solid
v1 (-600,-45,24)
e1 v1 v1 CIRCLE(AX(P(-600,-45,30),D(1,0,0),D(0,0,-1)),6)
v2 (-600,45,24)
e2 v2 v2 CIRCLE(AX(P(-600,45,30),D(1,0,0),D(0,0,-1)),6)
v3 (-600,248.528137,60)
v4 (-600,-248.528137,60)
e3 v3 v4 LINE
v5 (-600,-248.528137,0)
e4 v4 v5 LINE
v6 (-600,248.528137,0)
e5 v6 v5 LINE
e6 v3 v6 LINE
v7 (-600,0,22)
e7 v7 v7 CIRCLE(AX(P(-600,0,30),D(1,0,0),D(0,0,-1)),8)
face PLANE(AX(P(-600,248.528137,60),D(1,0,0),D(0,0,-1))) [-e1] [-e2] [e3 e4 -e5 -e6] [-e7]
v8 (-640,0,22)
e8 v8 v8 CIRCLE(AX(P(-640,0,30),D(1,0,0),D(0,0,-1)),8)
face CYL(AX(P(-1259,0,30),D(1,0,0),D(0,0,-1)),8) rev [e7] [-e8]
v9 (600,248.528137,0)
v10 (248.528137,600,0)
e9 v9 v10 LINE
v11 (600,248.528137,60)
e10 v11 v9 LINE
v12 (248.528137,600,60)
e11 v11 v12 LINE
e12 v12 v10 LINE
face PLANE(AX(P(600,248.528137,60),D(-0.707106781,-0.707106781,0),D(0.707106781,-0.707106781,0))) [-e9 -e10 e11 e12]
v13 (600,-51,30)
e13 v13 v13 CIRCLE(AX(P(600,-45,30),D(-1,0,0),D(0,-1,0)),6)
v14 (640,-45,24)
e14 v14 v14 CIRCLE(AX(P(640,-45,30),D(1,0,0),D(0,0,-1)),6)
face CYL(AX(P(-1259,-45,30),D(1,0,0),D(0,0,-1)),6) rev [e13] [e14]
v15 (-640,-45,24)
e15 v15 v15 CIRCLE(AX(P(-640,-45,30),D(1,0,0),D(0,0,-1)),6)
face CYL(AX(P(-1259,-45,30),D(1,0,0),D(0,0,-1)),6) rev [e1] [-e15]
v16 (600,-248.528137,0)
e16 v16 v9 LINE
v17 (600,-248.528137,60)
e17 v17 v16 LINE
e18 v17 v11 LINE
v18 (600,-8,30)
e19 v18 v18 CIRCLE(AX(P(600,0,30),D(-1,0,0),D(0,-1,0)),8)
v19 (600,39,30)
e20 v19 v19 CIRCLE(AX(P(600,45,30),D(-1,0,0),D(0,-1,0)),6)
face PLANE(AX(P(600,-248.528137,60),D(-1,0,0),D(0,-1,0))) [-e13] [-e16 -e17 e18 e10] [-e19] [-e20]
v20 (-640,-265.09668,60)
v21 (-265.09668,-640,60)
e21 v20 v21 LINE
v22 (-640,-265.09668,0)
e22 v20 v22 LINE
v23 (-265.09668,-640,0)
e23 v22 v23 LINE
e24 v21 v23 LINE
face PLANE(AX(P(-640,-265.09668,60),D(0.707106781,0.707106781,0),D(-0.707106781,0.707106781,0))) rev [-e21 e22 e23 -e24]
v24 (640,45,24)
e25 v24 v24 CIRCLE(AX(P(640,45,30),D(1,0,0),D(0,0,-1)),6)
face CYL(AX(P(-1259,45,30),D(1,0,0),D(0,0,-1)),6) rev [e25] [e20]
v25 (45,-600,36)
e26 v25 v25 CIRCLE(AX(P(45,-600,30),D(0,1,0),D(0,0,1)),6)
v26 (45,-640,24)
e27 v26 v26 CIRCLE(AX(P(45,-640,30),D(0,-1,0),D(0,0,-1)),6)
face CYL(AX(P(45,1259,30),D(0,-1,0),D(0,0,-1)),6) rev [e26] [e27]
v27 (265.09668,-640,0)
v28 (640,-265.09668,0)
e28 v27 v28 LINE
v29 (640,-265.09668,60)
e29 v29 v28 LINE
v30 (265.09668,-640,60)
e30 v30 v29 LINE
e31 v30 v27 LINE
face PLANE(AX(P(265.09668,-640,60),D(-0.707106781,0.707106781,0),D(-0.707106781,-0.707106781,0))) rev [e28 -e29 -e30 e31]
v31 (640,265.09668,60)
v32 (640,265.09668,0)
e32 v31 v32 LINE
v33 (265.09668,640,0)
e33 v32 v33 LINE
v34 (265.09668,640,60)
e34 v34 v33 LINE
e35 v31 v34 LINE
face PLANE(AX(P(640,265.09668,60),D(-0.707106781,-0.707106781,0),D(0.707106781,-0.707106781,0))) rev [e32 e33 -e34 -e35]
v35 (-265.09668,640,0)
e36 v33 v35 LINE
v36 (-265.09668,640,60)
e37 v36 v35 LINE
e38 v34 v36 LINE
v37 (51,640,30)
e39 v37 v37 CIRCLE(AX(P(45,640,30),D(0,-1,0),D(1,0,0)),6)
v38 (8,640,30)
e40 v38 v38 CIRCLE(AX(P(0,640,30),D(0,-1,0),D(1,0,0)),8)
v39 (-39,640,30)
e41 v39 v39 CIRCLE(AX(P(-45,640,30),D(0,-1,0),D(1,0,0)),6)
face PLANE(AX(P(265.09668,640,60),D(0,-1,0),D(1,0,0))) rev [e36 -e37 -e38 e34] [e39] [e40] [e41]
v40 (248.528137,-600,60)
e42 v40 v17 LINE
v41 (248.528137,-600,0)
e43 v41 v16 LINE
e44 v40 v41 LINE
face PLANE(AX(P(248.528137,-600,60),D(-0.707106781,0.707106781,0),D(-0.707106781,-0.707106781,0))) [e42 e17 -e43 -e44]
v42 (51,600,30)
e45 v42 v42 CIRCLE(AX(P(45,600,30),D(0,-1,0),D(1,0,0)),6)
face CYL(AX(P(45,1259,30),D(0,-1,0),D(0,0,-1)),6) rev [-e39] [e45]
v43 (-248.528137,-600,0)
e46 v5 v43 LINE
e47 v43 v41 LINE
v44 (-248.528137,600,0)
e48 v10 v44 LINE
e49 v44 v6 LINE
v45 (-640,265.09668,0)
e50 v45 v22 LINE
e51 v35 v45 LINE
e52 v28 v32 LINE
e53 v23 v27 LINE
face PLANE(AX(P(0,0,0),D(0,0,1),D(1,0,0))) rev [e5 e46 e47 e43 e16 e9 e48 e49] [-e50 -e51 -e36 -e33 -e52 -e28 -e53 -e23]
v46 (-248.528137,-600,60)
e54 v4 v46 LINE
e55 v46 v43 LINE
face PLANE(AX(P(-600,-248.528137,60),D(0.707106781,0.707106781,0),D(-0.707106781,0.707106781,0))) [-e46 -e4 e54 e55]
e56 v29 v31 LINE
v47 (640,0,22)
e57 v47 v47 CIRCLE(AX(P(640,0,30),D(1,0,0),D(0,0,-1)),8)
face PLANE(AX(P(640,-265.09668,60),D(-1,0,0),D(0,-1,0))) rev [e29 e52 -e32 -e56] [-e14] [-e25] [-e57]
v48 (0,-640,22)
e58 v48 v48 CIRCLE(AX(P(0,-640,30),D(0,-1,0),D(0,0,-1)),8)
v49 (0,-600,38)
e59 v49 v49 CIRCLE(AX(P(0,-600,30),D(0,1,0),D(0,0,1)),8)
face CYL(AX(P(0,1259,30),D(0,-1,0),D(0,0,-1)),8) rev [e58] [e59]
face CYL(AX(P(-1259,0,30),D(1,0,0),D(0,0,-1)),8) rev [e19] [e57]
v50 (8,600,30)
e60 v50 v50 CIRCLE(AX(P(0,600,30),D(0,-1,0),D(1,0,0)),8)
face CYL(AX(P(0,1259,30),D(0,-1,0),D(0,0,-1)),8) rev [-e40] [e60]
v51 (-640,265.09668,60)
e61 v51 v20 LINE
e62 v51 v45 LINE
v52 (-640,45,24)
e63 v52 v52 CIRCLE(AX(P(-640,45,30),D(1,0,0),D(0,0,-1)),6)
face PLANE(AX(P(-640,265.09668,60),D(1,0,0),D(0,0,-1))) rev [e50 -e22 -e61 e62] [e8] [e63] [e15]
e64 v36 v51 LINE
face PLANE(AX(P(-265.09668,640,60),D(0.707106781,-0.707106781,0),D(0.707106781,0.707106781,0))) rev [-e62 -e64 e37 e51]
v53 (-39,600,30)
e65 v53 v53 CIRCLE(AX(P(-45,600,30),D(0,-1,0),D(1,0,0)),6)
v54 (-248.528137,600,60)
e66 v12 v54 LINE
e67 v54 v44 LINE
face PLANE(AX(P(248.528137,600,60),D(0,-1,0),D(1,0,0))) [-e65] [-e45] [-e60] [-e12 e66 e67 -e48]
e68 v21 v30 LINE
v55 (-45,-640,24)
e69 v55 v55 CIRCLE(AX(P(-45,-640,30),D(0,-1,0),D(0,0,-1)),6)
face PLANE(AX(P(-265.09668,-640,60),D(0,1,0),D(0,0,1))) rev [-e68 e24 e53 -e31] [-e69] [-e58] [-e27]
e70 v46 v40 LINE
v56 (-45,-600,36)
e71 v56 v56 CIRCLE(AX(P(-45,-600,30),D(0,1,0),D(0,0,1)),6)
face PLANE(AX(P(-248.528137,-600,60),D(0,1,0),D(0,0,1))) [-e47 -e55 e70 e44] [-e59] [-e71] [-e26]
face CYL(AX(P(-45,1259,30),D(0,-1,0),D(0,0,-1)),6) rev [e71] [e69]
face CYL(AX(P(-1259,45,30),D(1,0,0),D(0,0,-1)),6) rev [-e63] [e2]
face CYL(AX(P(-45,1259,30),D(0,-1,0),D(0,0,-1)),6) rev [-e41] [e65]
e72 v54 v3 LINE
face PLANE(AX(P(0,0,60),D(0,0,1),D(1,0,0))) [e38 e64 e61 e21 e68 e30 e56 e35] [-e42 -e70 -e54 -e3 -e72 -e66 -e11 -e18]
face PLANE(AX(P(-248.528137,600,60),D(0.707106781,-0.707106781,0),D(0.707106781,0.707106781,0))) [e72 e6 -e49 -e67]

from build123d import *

# Parameters (mm, degrees)
BOSS_EXTRUDE1_DEPTH = 60
SKETCH2_R           = 8
SKETCH2_R_2         = 6
CUT_EXTRUDE1_DEPTH  = 1899
SKETCH3_R           = 8
SKETCH3_R_2         = 6
CUT_EXTRUDE2_DEPTH  = 1899


with BuildPart() as part:
    # Sketch1 → Boss-Extrude1 (new body)
    with BuildSketch(Plane.XY):
        Polygon((265.096679919, 640), (-265.096679919, 640), (-640, 265.096679919), (-640, -265.096679919), (-265.096679919, -640), (265.096679919, -640), (640, -265.096679919), (640, 265.096679919), align=None)
        Polygon((600, -248.528137424), (600, 248.528137424), (248.528137424, 600), (-248.528137424, 600), (-600, 248.528137424), (-600, -248.528137424), (-248.528137424, -600), (248.528137424, -600), align=None, mode=Mode.SUBTRACT)
    extrude(amount=BOSS_EXTRUDE1_DEPTH)

    # Sketch2 → Cut-Extrude1 (cut)
    with BuildSketch(Plane(origin=(640, 0, 0), x_dir=(0, 0, -1), z_dir=(1, 0, 0))):
        with Locations((-30, 0)):
            Circle(SKETCH2_R)
        with Locations((-30, 45)):
            Circle(SKETCH2_R_2)
        with Locations((-30, -45)):
            Circle(SKETCH2_R_2)
    extrude(amount=-CUT_EXTRUDE1_DEPTH, mode=Mode.SUBTRACT)

    # Sketch3 → Cut-Extrude2 (cut)
    with BuildSketch(Plane.XZ.offset(640)):
        with Locations(Location((0, 30, 0), (0, 0, 270))):
            Circle(SKETCH3_R)
        with Locations(Location((-45, 30, 0), (0, 0, 270))):
            Circle(SKETCH3_R_2)
        with Locations(Location((45, 30, 0), (0, 0, 270))):
            Circle(SKETCH3_R_2)
    extrude(amount=-CUT_EXTRUDE2_DEPTH, mode=Mode.SUBTRACT)


solid = part.part
